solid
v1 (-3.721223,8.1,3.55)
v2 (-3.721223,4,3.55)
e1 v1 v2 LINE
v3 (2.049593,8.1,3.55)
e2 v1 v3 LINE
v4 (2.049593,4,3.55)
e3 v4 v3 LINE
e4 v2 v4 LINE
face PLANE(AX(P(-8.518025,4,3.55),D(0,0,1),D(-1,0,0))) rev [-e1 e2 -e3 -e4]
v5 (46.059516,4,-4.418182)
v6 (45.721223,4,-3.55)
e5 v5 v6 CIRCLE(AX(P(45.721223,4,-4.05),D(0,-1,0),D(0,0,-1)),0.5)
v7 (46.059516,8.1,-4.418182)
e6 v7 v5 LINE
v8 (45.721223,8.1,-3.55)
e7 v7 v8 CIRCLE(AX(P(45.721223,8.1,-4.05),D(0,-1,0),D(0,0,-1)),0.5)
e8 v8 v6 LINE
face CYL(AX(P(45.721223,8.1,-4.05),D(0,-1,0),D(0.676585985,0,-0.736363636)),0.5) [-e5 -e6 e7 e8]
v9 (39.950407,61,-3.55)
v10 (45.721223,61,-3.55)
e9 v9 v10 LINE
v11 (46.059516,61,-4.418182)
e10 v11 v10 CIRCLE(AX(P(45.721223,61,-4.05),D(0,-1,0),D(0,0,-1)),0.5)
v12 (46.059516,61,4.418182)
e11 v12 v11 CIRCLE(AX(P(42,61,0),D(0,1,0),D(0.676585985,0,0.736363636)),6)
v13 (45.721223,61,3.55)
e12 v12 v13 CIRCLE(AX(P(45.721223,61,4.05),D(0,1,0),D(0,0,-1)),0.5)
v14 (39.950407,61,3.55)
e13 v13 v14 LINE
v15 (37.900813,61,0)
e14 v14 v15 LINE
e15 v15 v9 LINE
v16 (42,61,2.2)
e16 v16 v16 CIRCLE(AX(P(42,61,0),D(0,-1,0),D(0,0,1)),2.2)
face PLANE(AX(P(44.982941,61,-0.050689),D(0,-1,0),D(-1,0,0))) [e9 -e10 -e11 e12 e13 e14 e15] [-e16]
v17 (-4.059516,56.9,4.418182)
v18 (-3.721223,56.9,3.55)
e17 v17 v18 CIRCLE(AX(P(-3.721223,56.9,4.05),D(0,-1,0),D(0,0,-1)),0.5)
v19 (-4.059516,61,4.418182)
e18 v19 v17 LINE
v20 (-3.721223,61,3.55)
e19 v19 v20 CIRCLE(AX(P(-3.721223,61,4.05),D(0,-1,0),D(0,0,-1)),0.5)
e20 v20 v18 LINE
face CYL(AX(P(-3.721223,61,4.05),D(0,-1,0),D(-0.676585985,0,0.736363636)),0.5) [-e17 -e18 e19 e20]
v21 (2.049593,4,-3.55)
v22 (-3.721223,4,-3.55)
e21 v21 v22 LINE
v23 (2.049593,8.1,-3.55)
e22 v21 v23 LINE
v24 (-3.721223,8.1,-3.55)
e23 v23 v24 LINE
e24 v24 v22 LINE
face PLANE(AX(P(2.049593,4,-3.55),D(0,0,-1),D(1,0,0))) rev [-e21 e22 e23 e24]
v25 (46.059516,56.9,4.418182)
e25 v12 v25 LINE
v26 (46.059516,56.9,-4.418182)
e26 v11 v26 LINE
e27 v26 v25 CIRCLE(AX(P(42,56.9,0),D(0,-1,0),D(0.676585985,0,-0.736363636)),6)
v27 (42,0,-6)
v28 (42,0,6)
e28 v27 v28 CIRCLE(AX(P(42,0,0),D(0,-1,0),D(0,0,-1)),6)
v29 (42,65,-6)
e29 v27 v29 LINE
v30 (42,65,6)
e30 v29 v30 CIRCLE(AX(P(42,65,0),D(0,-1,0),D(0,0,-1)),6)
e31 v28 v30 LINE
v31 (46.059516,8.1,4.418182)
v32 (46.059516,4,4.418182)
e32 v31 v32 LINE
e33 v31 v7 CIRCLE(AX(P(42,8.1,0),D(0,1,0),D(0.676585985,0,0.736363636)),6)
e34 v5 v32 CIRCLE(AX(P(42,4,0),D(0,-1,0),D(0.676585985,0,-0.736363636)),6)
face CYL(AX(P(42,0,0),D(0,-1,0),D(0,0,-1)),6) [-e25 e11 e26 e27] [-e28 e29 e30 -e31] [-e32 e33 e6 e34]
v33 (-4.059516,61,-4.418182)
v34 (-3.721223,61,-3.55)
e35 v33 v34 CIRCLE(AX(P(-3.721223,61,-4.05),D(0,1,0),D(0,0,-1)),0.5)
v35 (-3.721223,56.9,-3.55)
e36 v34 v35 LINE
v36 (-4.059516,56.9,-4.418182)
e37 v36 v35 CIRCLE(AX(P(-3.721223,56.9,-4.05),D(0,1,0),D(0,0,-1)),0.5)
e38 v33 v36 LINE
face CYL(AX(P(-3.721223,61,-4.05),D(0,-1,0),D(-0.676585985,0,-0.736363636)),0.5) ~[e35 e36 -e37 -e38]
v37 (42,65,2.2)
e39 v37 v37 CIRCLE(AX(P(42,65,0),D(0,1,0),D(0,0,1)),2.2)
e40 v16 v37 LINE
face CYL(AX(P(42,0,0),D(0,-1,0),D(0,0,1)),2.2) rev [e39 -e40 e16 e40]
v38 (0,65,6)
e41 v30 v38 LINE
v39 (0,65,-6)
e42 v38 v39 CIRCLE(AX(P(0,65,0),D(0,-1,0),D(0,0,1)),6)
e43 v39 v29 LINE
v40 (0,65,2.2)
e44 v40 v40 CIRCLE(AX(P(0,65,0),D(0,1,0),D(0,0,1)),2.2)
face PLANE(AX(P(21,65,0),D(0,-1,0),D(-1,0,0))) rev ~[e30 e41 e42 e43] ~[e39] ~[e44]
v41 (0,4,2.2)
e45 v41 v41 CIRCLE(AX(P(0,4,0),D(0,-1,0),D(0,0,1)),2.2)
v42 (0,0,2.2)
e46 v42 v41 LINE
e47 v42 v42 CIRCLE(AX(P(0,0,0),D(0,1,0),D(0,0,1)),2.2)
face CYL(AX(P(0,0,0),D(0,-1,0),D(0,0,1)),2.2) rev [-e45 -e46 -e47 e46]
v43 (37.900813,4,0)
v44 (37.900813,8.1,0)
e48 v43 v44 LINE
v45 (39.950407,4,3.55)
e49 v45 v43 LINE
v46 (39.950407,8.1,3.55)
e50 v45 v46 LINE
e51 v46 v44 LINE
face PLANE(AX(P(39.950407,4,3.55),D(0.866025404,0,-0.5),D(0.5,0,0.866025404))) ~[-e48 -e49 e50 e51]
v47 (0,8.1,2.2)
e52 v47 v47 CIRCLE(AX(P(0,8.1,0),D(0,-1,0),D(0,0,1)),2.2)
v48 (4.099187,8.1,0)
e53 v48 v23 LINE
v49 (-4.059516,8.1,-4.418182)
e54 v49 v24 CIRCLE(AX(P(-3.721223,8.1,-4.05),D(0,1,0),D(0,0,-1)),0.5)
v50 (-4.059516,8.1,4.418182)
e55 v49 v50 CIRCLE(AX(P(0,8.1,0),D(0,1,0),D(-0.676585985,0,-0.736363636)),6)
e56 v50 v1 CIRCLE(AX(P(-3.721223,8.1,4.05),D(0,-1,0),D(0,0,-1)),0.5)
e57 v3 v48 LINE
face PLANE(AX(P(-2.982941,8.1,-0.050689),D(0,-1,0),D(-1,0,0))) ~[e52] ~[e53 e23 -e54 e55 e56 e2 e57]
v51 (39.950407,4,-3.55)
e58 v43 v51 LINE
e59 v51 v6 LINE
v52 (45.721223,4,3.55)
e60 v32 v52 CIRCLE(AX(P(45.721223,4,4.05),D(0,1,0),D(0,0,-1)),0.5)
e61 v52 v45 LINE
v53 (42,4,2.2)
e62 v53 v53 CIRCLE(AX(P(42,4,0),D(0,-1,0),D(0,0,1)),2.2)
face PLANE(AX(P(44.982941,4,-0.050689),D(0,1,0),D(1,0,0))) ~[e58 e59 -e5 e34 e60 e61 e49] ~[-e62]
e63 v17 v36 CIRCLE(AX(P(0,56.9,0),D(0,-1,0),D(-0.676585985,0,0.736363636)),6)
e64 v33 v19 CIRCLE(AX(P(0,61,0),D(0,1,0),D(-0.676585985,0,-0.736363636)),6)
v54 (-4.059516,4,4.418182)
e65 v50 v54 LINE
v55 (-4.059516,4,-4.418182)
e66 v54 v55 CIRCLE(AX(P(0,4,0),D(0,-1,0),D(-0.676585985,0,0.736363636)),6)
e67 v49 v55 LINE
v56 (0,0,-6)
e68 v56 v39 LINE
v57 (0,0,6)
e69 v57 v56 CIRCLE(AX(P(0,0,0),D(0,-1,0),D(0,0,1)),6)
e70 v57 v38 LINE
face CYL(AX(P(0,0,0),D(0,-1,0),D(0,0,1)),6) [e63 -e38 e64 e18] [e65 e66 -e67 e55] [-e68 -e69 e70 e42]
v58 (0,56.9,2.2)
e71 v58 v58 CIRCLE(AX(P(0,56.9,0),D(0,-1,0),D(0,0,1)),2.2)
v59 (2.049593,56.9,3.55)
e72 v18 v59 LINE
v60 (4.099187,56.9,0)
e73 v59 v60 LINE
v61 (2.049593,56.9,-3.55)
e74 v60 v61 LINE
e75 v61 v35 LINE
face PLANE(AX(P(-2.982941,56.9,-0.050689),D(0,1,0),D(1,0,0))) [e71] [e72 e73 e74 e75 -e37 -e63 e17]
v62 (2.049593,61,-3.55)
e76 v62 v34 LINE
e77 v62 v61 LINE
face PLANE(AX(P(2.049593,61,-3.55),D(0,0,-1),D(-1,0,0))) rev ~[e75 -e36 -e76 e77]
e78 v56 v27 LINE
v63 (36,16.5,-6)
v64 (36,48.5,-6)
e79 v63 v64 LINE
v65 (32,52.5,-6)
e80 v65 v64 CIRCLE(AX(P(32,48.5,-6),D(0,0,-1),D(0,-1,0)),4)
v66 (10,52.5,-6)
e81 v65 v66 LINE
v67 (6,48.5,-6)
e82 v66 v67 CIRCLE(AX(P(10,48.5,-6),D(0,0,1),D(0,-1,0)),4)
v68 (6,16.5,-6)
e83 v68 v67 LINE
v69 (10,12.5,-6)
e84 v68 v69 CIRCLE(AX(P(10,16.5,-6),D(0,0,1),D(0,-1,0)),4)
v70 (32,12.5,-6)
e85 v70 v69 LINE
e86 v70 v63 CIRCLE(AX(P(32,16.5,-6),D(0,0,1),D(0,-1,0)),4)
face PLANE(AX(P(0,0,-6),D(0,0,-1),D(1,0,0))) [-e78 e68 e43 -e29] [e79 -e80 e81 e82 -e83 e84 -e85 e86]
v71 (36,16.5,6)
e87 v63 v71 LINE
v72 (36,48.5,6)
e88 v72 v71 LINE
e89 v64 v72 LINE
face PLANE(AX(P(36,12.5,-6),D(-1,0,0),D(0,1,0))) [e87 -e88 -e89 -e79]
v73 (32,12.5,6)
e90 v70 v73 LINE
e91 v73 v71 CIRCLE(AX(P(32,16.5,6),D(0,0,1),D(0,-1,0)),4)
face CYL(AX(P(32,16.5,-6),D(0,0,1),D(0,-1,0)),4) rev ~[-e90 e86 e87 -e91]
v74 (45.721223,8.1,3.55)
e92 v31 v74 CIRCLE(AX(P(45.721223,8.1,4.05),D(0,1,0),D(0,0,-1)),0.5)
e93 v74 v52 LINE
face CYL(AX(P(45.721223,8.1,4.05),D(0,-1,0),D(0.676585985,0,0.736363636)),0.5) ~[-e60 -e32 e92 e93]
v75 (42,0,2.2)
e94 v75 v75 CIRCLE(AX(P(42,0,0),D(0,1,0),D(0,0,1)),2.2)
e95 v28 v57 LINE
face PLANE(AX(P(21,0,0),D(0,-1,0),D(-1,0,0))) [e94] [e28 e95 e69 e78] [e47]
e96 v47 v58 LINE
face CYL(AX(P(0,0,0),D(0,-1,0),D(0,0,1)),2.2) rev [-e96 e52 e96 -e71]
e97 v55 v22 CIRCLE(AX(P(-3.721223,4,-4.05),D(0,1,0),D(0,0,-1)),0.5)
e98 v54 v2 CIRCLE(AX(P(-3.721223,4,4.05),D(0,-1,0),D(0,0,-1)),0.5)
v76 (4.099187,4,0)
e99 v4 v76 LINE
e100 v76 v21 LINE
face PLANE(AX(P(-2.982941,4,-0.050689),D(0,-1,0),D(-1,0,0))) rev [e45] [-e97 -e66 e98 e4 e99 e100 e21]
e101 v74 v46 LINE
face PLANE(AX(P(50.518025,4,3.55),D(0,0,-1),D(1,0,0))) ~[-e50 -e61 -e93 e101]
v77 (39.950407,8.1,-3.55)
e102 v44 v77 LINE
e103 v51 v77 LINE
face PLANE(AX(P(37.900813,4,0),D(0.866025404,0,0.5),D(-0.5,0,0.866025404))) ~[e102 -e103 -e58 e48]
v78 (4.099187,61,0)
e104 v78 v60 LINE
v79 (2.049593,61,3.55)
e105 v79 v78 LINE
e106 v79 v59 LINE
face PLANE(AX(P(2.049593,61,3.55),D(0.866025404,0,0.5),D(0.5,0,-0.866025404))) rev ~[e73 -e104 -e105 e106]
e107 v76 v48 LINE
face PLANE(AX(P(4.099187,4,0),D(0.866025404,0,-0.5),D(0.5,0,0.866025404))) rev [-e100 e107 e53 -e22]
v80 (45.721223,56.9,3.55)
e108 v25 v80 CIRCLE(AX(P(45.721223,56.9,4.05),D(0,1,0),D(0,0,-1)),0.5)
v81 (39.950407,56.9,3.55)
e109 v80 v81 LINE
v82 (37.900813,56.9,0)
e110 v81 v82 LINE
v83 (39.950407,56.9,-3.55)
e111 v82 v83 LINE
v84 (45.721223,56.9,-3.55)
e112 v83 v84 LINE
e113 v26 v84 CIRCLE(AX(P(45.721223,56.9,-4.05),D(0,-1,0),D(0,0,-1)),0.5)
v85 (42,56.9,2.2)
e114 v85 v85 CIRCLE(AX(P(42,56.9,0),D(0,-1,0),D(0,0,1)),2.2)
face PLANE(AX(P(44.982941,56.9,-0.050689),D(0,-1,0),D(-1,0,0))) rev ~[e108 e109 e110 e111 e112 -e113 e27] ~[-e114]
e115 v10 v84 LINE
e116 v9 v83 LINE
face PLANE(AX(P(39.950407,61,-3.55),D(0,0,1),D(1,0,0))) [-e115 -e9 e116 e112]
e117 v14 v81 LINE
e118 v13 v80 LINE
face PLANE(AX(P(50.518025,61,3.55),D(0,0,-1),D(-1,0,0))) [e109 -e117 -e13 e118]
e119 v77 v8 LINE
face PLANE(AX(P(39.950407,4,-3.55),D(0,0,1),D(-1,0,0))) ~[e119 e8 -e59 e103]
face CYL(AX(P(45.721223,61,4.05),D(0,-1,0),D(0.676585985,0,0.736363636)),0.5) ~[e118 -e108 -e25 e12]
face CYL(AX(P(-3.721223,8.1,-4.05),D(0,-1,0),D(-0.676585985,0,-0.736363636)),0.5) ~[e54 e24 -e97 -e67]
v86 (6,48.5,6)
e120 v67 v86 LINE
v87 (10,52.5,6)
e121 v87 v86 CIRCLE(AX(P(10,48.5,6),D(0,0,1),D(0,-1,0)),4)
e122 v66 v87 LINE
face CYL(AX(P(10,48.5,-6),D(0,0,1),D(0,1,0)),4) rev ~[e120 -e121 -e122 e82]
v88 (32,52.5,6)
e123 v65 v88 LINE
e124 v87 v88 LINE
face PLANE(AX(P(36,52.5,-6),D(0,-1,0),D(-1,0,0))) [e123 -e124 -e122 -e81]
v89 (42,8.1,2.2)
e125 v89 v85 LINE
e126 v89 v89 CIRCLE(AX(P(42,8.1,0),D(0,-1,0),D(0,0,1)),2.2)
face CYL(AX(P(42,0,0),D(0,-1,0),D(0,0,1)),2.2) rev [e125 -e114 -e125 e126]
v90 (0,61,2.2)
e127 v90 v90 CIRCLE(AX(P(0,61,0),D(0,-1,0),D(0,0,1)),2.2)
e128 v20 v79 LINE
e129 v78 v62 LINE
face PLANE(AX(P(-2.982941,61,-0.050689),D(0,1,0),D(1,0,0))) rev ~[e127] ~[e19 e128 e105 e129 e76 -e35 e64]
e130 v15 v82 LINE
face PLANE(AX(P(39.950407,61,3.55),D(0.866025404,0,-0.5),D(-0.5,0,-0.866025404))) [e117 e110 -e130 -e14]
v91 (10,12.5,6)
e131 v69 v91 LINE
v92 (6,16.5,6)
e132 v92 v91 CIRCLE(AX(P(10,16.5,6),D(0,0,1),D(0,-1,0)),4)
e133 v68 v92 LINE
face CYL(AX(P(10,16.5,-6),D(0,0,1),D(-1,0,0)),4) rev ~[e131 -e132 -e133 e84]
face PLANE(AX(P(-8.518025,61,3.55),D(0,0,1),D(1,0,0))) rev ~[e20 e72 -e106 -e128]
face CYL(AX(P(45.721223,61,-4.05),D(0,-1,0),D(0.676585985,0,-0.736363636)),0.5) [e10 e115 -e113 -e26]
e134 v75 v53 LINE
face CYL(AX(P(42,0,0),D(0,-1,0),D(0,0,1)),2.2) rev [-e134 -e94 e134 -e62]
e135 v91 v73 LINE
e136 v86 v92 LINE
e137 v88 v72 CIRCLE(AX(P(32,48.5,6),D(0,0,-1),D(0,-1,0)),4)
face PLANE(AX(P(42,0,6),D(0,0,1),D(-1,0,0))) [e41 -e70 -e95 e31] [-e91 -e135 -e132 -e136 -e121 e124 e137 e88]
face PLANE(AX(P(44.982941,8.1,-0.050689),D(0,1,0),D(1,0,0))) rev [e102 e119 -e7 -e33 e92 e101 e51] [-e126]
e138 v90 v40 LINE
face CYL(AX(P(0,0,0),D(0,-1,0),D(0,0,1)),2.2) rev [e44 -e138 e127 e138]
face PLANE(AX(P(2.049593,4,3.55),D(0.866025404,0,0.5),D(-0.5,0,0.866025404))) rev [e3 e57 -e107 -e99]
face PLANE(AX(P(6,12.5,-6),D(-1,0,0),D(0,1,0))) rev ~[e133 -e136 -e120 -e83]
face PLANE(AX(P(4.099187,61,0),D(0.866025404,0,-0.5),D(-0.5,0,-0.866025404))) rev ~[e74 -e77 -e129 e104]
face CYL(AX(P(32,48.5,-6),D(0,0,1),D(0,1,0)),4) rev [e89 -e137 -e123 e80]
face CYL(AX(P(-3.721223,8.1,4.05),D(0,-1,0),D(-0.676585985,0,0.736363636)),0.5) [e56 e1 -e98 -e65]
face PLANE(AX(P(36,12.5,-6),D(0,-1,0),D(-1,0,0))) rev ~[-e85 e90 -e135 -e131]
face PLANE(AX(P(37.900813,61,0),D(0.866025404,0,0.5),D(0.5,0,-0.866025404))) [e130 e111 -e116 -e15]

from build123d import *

# Parameters (mm, degrees)
SKETCH1_R            = 2.2
BOSS_EXTRUDE1_DEPTH  = 65
CUT_EXTRUDE1_DEPTH   = 4.1
FILLET1_R            = 0.5
FILLET1_OF_MIRROR1_R = 0.5
SKETCH4_W            = 30
SKETCH4_H            = 40
CUT_EXTRUDE2_DEPTH   = 82.688432474
FILLET2_R            = 4


with BuildPart() as part:
    # Sketch1 → Boss-Extrude1 (new body)
    with BuildSketch(Plane(origin=(0, 0, 0), x_dir=(1, 0, 0), z_dir=(0, 1, 0))):
        with BuildLine():
            Line((0, 6), (42, 6))
            ThreePointArc((42, 6), (48, 0), (42, -6))
            Line((42, -6), (0, -6))
            ThreePointArc((0, -6), (-6, 0), (0, 6))
        make_face()
        with Locations(Location((0, 0, 0), (0, 0, 270))):
            Circle(SKETCH1_R, mode=Mode.SUBTRACT)
        with Locations(Location((42, 0, 0), (0, 0, 270))):
            Circle(SKETCH1_R, mode=Mode.SUBTRACT)
    extrude(amount=BOSS_EXTRUDE1_DEPTH)

    # Sketch3 → Cut-Extrude1 (cut)
    with BuildSketch(Plane(origin=(0, 61, 0), x_dir=(1, 0, 0), z_dir=(0, 1, 0))):
        Polygon((4.099186911, 0), (2.049593456, 3.55), (-9.046065911, 3.55), (-8.518024666, -3.55), (2.049593456, -3.55), align=None)
        Polygon((39.950406544, 3.55), (51.046065911, 3.55), (50.518024666, -3.55), (39.950406544, -3.55), (37.900813089, 0), align=None)
    cut_extrude1 = extrude(amount=-CUT_EXTRUDE1_DEPTH, mode=Mode.SUBTRACT)

    # Fillet1
    fillet1_edges = [part.edges().sort_by_distance(p)[0] for p in [
        (46.837096236, 58.95, 3.55),
        (46.837096236, 58.95, -3.55),
        (-4.837096236, 58.95, -3.55),
        (-4.837096236, 58.95, 3.55),
    ]]
    fillet(fillet1_edges, radius=FILLET1_R)

    # Mirror1: Cut-Extrude1 across plane
    add(cut_extrude1.mirror(Plane.ZX.offset(32.5)), mode=Mode.SUBTRACT)

    # Fillet1 of Mirror1
    fillet1_of_mirror1_edges = [part.edges().sort_by_distance(p)[0] for p in [
        (46.837096236, 6.05, 3.55),
        (46.837096236, 6.05, -3.55),
        (-4.837096236, 6.05, -3.55),
        (-4.837096236, 6.05, 3.55),
    ]]
    fillet(fillet1_of_mirror1_edges, radius=FILLET1_OF_MIRROR1_R)

    # Sketch4 → Cut-Extrude2 (cut, through all)
    with BuildSketch(Plane(origin=(0, 0, -6), x_dir=(-1, 0, 0), z_dir=(0, 0, -1))):
        with Locations((-21, 32.5)):
            Rectangle(SKETCH4_W, SKETCH4_H)
    extrude(amount=-CUT_EXTRUDE2_DEPTH, mode=Mode.SUBTRACT)

    # Fillet2
    fillet2_edges = [part.edges().sort_by_distance(p)[0] for p in [
        (6, 52.5, 0),
        (6, 12.5, 0),
        (36, 12.5, 0),
        (36, 52.5, 0),
    ]]
    fillet(fillet2_edges, radius=FILLET2_R)


solid = part.part
